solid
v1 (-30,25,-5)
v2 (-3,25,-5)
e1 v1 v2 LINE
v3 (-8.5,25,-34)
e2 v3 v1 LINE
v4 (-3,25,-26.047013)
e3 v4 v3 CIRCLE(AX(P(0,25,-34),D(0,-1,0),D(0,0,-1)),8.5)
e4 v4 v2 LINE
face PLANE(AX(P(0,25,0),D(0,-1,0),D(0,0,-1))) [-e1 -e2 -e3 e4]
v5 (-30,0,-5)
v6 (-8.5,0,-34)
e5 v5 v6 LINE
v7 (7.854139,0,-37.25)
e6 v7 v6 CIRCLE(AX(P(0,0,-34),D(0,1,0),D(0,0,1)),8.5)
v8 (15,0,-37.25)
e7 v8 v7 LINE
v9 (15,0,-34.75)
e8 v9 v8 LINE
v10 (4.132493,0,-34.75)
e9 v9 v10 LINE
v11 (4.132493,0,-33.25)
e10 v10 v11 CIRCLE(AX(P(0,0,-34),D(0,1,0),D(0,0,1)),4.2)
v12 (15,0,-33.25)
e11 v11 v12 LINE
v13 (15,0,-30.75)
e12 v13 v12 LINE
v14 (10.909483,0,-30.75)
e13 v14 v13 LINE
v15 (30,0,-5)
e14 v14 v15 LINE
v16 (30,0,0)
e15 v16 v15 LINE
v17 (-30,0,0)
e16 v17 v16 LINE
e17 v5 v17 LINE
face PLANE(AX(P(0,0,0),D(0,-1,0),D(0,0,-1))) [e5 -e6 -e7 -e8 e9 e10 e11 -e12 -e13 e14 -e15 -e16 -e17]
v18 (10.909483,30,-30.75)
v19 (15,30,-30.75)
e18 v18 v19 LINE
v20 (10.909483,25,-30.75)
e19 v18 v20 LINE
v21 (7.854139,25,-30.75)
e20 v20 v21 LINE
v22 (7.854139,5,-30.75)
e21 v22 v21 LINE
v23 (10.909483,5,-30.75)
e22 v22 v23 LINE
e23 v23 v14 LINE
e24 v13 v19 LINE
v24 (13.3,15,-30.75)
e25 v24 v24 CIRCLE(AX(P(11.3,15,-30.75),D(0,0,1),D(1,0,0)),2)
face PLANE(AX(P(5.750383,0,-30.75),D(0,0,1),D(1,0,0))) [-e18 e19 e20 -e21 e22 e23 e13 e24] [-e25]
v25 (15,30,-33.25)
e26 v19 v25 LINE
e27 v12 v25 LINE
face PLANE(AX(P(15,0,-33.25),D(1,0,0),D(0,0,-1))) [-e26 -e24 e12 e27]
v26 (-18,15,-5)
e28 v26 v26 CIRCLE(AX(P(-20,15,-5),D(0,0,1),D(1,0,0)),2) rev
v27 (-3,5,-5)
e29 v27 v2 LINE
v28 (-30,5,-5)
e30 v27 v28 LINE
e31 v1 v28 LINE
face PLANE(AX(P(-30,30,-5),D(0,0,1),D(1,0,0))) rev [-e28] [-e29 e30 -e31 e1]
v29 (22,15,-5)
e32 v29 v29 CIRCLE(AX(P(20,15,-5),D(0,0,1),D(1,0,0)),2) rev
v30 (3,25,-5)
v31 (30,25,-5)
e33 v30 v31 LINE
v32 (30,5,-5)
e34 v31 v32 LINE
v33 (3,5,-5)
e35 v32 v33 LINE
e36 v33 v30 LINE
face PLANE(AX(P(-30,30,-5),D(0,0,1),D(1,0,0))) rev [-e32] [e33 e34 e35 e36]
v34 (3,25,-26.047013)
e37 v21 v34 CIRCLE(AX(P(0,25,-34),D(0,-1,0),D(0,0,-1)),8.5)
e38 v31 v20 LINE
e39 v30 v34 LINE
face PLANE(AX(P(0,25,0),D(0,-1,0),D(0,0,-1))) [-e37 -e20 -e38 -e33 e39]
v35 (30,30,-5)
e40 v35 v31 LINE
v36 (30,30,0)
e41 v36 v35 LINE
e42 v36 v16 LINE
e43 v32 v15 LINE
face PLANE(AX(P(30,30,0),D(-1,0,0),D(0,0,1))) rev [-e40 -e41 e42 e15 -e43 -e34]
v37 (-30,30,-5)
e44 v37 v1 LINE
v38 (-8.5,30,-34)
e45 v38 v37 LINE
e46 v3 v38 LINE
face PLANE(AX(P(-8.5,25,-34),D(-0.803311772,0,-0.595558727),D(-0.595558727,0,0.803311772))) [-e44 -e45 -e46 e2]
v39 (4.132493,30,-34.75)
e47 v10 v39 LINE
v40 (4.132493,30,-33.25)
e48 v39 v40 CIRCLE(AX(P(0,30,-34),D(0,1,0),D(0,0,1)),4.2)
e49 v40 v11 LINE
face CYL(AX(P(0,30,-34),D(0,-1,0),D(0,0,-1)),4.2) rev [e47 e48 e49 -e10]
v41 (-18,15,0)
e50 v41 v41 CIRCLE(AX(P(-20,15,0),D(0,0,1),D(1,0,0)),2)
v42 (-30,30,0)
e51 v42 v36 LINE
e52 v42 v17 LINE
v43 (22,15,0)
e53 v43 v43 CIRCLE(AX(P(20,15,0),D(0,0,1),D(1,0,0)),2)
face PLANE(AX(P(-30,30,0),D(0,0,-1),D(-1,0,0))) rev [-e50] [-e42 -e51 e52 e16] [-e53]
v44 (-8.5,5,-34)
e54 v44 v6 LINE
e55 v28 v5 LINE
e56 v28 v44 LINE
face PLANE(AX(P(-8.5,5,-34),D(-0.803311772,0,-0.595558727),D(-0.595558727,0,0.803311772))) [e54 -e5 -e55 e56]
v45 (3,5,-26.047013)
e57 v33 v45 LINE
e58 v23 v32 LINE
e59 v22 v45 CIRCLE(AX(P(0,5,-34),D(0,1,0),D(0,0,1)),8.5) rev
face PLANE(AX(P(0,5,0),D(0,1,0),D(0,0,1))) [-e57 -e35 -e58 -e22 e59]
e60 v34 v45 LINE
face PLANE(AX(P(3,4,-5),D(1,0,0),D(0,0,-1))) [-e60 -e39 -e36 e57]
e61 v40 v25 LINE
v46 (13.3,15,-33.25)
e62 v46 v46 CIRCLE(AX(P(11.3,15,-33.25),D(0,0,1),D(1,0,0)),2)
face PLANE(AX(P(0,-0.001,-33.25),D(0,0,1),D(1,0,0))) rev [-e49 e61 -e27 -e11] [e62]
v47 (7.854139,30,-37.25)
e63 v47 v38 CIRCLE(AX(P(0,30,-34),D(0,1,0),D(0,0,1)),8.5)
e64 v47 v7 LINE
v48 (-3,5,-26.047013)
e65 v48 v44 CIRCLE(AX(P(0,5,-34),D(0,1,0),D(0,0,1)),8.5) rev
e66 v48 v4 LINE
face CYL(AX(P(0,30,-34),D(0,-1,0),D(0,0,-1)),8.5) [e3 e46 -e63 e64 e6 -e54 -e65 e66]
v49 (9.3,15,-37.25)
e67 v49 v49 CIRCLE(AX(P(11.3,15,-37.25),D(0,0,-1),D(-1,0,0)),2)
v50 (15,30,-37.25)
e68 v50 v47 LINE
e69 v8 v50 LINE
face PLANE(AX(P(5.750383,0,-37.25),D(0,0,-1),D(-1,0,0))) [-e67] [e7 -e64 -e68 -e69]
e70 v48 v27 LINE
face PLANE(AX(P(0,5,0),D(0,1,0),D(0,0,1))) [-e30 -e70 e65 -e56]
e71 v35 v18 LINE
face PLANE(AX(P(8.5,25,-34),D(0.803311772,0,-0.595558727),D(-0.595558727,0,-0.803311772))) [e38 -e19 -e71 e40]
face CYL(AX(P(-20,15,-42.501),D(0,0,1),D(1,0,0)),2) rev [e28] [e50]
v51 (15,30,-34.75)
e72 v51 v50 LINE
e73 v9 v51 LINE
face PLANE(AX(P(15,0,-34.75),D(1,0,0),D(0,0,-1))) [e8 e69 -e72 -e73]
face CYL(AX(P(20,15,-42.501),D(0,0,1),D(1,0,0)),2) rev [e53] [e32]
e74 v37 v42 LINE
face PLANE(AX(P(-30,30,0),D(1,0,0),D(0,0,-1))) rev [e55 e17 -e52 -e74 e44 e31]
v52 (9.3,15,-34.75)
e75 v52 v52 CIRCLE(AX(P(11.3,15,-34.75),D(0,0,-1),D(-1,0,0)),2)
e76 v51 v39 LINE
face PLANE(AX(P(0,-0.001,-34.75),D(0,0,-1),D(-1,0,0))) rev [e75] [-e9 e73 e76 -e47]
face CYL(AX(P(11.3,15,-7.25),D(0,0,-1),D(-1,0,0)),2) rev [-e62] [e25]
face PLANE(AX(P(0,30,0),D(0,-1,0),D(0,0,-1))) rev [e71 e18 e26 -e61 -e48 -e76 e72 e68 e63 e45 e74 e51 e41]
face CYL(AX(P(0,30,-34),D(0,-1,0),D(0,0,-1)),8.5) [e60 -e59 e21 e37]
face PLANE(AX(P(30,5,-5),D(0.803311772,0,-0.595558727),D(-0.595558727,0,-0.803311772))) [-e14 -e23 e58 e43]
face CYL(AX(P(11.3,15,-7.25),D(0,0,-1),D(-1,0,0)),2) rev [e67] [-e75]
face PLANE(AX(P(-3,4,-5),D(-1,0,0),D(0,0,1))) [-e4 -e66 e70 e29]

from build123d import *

# Parameters (mm, degrees)
SZKIC1_R                      = 8.5
SZKIC1_R_2                    = 4.2
DODANIE_WYCI_GNI_CIE1_DEPTH   = 30
SZKIC1_W                      = 60
SZKIC1_H                      = 5
DODANIE_WYCI_GNI_CIE1_2_DEPTH = 30
DODANIE_WYCI_GNI_CIE2_DEPTH   = 5
SZKIC3_W                      = 6
SZKIC3_H                      = 22
DODANIE_WYCI_GNI_CIE3_DEPTH   = 26
DODANIE_WYCI_GNI_CIE4_DEPTH   = 5
WYTNIJ_WYCI_GNI_CIE1_REACH    = 62.052
SZKIC5_R                      = 2
WYTNIJ_WYCI_GNI_CIE2_REACH    = 62.052
SZKIC6_W                      = 10.270986067
SZKIC6_H                      = 1.5
SZKIC7_W                      = 9.24961725
SZKIC7_H                      = 2.5
DODANIE_WYCI_GNI_CIE5_DEPTH   = 30
SZKIC8_R                      = 2
WYTNIJ_WYCI_GNI_CIE3_DEPTH    = 30


with BuildPart() as part:
    # Szkic1 → Dodanie-wyciągnięcie1 (new body)
    with BuildSketch(Plane(origin=(0, 0, 0), x_dir=(1, 0, 0), z_dir=(0, 1, 0))):
        with Locations(Location((0, 34, 0), (0, 0, 270))):
            Circle(SZKIC1_R)
        with Locations(Location((0, 34, 0), (0, 0, 270))):
            Circle(SZKIC1_R_2, mode=Mode.SUBTRACT)
    extrude(amount=DODANIE_WYCI_GNI_CIE1_DEPTH)



with BuildPart() as body_2:
    # Szkic1 → Dodanie-wyci_gni_cie1 2 (new body)
    with BuildSketch(Plane(origin=(0, 0, 0), x_dir=(1, 0, 0), z_dir=(0, 1, 0))):
        with Locations((0, 2.5)):
            Rectangle(SZKIC1_W, SZKIC1_H)
    extrude(amount=DODANIE_WYCI_GNI_CIE1_2_DEPTH)


with BuildPart() as part_1:
    add(part.part)

    add(body_2.part)  # Dodanie-wyciągnięcie2 merges body 2
    # Szkic2 → Dodanie-wyciągnięcie2 (add)
    with BuildSketch(Plane.XZ):
        Polygon((30, -5), (8.5, -34), (0, -25.5), (-8.5, -34), (-30, -5), align=None)
    extrude(amount=-DODANIE_WYCI_GNI_CIE2_DEPTH)

    # Szkic3 → Dodanie-wyciągnięcie3 (add)
    with BuildSketch(Plane(origin=(0, 30, 0), x_dir=(1, 0, 0), z_dir=(0, 1, 0))):
        with Locations((0, 16)):
            Rectangle(SZKIC3_W, SZKIC3_H)
    extrude(amount=-DODANIE_WYCI_GNI_CIE3_DEPTH)

    # Szkic4 → Dodanie-wyciągnięcie4 (add)
    with BuildSketch(Plane(origin=(0, 30, 0), x_dir=(1, 0, 0), z_dir=(0, 1, 0))):
        Polygon((0, 26.824162036), (8.5, 34), (30, 5), (-30, 5), (-8.5, 34), align=None)
    extrude(amount=-DODANIE_WYCI_GNI_CIE4_DEPTH)

    # Szkic5 → Wytnij-wyciągnięcie1 (cut, up to next)
    with BuildSketch(Plane.XY, mode=Mode.PRIVATE) as wytnij_wyci_gni_cie1_sk1:
        with Locations((-20, 15)):
            Circle(SZKIC5_R)
    wytnij_wyci_gni_cie1_tool1 = extrude(wytnij_wyci_gni_cie1_sk1.sketch, amount=-WYTNIJ_WYCI_GNI_CIE1_REACH, mode=Mode.PRIVATE) & part_1.part
    # Szkic5 → Wytnij-wyciągnięcie1 (cut, up to next)
    with BuildSketch(Plane.XY, mode=Mode.PRIVATE) as wytnij_wyci_gni_cie1_sk2:
        with Locations((20, 15)):
            Circle(SZKIC5_R)
    wytnij_wyci_gni_cie1_tool2 = extrude(wytnij_wyci_gni_cie1_sk2.sketch, amount=-WYTNIJ_WYCI_GNI_CIE1_REACH, mode=Mode.PRIVATE) & part_1.part
    add(wytnij_wyci_gni_cie1_tool1.solids().sort_by_distance((-20, 15, 0))[0], mode=Mode.SUBTRACT)
    add(wytnij_wyci_gni_cie1_tool2.solids().sort_by_distance((20, 15, 0))[0], mode=Mode.SUBTRACT)

    # Szkic6 → Wytnij-wyciągnięcie2 (cut, up to next)
    with BuildSketch(Plane(origin=(0, 30, 0), x_dir=(1, 0, 0), z_dir=(0, 1, 0)), mode=Mode.PRIVATE) as wytnij_wyci_gni_cie2_sk1:
        with Locations((5.135493034, 34)):
            Rectangle(SZKIC6_W, SZKIC6_H)
    wytnij_wyci_gni_cie2_tool1 = extrude(wytnij_wyci_gni_cie2_sk1.sketch, amount=-WYTNIJ_WYCI_GNI_CIE2_REACH, mode=Mode.PRIVATE) & part_1.part
    add(wytnij_wyci_gni_cie2_tool1.solids().sort_by_distance((5.135493, 30, -34))[0], mode=Mode.SUBTRACT)

    # Szkic7 → Dodanie-wyciągnięcie5 (add)
    with BuildSketch(Plane(origin=(0, 30, 0), x_dir=(1, 0, 0), z_dir=(0, 1, 0))):
        with Locations((10.375191375, 32)):
            Rectangle(SZKIC7_W, SZKIC7_H)
        with Locations((10.375191375, 36)):
            Rectangle(SZKIC7_W, SZKIC7_H)
    extrude(amount=-DODANIE_WYCI_GNI_CIE5_DEPTH)

    # Szkic8 → Wytnij-wyciągnięcie3 (cut)
    with BuildSketch(Plane(origin=(0, 0, -37.25), x_dir=(-1, 0, 0), z_dir=(0, 0, -1))):
        with Locations((-11.3, 15)):
            Circle(SZKIC8_R)
    extrude(amount=-WYTNIJ_WYCI_GNI_CIE3_DEPTH, mode=Mode.SUBTRACT)


solid = part_1.part
